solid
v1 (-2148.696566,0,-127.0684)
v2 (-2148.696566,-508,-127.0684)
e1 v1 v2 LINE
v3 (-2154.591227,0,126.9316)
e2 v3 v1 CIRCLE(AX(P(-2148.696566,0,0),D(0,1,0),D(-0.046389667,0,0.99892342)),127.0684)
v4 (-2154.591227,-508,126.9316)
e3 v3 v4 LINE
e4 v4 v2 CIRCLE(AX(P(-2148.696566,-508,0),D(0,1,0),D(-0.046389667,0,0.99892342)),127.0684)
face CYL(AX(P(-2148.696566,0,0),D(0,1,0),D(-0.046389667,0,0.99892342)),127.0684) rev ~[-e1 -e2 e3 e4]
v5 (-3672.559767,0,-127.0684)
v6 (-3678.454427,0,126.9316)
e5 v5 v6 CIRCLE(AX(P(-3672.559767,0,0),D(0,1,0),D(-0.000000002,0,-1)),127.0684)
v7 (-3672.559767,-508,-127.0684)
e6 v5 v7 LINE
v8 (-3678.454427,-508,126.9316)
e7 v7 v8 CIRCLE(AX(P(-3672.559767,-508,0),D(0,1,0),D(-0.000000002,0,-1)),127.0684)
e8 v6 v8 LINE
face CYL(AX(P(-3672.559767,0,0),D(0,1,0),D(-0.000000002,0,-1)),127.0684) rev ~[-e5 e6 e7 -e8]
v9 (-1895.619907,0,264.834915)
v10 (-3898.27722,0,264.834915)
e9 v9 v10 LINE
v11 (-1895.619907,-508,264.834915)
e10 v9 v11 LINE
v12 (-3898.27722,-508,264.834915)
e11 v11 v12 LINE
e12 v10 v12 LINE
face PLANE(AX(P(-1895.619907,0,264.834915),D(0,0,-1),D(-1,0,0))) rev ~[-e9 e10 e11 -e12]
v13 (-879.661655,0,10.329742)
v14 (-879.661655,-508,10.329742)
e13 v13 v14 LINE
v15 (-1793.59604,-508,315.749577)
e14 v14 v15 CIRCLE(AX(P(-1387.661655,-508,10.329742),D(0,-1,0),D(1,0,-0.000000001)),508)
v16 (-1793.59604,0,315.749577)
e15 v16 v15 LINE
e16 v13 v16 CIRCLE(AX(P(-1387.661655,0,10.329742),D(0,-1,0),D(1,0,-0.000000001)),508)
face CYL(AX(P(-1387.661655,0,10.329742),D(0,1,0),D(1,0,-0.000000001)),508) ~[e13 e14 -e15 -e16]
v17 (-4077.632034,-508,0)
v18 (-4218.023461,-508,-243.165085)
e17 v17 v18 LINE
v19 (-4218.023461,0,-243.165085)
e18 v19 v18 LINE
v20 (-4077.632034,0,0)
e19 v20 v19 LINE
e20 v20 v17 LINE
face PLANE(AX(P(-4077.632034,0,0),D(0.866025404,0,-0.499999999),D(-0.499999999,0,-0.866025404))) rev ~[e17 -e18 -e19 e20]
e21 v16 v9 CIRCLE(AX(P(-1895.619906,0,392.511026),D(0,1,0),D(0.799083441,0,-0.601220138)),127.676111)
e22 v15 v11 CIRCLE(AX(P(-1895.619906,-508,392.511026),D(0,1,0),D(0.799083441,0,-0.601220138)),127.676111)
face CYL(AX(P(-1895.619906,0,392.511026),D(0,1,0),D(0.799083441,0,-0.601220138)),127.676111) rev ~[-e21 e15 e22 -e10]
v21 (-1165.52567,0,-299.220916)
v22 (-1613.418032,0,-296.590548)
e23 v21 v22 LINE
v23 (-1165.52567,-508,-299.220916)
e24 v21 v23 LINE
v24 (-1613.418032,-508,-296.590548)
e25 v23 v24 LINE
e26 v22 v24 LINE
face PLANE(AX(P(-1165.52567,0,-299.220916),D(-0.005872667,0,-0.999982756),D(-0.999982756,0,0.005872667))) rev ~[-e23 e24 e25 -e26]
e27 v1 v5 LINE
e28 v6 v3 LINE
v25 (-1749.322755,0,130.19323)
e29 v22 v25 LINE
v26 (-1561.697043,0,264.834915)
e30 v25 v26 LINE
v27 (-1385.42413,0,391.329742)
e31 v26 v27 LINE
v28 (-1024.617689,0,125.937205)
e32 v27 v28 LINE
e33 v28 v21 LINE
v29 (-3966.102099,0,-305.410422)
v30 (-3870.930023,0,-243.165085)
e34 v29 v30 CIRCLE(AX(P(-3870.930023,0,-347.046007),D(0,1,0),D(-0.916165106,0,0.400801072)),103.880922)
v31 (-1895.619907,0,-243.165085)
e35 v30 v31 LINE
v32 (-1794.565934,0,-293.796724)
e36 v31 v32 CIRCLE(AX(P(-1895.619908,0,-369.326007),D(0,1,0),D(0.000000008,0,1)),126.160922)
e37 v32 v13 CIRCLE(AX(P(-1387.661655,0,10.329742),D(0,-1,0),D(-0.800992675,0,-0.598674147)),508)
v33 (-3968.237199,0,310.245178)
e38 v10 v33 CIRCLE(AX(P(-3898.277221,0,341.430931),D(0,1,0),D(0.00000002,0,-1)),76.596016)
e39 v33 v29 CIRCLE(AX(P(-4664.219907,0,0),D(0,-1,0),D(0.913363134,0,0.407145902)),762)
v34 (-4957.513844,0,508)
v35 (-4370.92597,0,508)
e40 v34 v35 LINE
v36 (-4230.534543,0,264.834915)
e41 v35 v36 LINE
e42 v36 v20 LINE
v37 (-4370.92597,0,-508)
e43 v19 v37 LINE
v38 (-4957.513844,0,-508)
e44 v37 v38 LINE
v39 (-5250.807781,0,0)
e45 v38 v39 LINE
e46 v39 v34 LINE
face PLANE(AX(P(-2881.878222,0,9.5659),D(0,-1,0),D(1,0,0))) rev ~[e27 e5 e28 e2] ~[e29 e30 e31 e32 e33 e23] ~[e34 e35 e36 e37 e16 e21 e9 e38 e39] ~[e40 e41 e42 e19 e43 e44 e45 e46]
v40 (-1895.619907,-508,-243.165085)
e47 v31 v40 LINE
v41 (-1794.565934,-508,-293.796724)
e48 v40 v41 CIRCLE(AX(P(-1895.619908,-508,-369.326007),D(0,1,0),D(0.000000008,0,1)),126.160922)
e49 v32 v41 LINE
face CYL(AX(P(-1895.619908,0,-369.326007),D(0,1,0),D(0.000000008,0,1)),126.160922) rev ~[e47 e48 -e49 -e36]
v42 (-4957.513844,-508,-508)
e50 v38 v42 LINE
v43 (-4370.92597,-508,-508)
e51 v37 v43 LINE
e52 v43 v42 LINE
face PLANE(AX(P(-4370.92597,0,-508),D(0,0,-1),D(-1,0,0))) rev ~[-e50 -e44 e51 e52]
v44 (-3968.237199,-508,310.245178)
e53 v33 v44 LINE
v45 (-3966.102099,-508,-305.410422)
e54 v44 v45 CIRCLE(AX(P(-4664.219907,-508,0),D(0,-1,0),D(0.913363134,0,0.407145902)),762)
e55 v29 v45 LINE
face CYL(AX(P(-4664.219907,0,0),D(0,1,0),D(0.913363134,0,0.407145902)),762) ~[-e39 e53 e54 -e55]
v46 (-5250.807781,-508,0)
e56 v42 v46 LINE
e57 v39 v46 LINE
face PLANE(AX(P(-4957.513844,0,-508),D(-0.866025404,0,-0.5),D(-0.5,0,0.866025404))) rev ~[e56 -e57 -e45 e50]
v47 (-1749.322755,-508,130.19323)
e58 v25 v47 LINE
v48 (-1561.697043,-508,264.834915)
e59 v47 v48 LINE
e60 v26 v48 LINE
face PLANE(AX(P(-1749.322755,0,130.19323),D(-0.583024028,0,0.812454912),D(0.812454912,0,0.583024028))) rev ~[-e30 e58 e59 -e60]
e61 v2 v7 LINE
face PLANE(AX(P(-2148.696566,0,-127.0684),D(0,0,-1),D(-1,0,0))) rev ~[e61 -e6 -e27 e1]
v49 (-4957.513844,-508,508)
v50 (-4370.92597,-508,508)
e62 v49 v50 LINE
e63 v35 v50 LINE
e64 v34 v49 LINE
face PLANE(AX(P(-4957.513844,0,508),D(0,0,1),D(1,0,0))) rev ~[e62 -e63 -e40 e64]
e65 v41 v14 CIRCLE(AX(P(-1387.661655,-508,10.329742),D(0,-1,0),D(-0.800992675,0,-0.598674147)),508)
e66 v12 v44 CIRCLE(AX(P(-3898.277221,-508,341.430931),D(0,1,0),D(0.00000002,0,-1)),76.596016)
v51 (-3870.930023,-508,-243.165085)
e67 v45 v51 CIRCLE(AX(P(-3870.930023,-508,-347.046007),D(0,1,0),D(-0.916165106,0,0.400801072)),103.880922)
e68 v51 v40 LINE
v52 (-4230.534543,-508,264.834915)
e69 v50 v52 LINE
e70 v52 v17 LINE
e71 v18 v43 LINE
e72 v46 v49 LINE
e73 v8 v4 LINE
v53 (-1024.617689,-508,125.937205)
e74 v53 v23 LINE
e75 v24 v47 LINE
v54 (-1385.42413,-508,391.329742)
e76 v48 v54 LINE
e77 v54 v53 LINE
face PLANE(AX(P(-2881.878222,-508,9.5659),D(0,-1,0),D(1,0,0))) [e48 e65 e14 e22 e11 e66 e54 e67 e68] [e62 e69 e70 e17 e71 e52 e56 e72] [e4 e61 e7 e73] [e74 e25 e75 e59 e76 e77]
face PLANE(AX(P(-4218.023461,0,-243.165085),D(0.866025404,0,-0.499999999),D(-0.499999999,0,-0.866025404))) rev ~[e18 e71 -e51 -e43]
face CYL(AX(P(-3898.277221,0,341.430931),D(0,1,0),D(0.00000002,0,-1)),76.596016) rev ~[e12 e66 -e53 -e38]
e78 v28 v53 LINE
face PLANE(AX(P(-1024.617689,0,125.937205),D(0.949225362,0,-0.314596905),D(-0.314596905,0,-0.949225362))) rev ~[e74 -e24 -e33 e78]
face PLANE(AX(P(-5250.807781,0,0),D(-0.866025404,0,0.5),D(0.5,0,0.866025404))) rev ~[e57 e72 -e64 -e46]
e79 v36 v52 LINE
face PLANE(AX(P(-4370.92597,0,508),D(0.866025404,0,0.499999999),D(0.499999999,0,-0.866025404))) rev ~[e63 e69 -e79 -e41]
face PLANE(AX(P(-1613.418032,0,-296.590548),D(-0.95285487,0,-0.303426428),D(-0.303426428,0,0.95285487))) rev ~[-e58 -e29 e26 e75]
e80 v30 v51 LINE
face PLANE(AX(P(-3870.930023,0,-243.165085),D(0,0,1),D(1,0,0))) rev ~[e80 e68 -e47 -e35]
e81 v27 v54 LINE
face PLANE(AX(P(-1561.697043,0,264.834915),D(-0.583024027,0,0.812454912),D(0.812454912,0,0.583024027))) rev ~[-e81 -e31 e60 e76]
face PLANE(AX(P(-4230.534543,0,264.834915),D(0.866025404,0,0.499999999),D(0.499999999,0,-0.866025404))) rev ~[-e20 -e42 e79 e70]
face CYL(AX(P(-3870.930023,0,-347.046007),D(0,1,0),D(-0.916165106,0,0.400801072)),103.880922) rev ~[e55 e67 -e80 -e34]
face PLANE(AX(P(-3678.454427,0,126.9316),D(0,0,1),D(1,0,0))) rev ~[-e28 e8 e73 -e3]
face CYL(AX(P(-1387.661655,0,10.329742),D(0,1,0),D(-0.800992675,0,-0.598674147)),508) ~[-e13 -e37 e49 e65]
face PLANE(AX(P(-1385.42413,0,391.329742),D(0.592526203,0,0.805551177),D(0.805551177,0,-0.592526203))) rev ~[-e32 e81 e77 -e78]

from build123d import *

# Parameters (mm, degrees)
F1_DEPTH = 508


with BuildPart() as f1:
    # F0 (on Front) → F1 (new body)
    with BuildSketch(Plane.XZ):
        with BuildLine():
            ThreePointArc((-3968.237199, 310.245178), (-3918.906945, 158.595676), (-3902.219907, 0))
            ThreePointArc((-3902.219907, 0), (-3918.361418, -156.009984), (-3966.102099, -305.410422))
            ThreePointArc((-3966.102099, -305.410422), (-3927.789952, -260.10813), (-3870.930023, -243.165085))
            Line((-3870.930023, -243.165085), (-1895.619907, -243.165085))
            ThreePointArc((-1895.619907, -243.165085), (-1839.105599, -256.531011), (-1794.565934, -293.796724))
            ThreePointArc((-1794.565934, -293.796724), (-1895.661012, 11.138058), (-1793.59604, 315.749577))
            ThreePointArc((-1793.59604, 315.749577), (-1838.608566, 278.270506), (-1895.619907, 264.834915))
            Line((-1895.619907, 264.834915), (-3898.27722, 264.834915))
            ThreePointArc((-3898.27722, 264.834915), (-3939.98001, 277.182763), (-3968.237199, 310.245178))
        make_face()
        with BuildLine():
            ThreePointArc((-3672.559767, -127.0684), (-3799.593962, -2.948124), (-3678.454427, 126.9316))
            Line((-3678.454427, 126.9316), (-2154.591227, 126.9316))
            ThreePointArc((-2154.591227, 126.9316), (-2021.662371, 2.948124), (-2148.696566, -127.0684))
            Line((-2148.696566, -127.0684), (-3672.559767, -127.0684))
        make_face(mode=Mode.SUBTRACT)
        with BuildLine():
            ThreePointArc((-3966.102099, -305.410422), (-3918.361418, -156.009984), (-3902.219907, 0))
            ThreePointArc((-3902.219907, 0), (-3918.906945, 158.595676), (-3968.237199, 310.245178))
            ThreePointArc((-3968.237199, 310.245178), (-5426.215325, -2.642609), (-3966.102099, -305.410422))
        make_face()
        Polygon((-4230.534543, 264.834915), (-4077.632034, 0), (-4218.023461, -243.165085), (-4370.92597, -508), (-4957.513844, -508), (-5250.807781, 0), (-4957.513844, 508), (-4370.92597, 508), align=None, mode=Mode.SUBTRACT)
        with BuildLine():
            ThreePointArc((-879.661655, 10.329742), (-1226.65027, 492.138142), (-1793.59604, 315.749577))
            ThreePointArc((-1793.59604, 315.749577), (-1895.661012, 11.138058), (-1794.565934, -293.796724))
            ThreePointArc((-1794.565934, -293.796724), (-1227.417114, -471.734244), (-879.661655, 10.329742))
        make_face()
        Polygon((-1024.617689, 125.937205), (-1165.52567, -299.220916), (-1613.418032, -296.590548), (-1749.322755, 130.19323), (-1561.697043, 264.834915), (-1385.42413, 391.329742), align=None, mode=Mode.SUBTRACT)
    extrude(amount=F1_DEPTH)


solid = f1.part
